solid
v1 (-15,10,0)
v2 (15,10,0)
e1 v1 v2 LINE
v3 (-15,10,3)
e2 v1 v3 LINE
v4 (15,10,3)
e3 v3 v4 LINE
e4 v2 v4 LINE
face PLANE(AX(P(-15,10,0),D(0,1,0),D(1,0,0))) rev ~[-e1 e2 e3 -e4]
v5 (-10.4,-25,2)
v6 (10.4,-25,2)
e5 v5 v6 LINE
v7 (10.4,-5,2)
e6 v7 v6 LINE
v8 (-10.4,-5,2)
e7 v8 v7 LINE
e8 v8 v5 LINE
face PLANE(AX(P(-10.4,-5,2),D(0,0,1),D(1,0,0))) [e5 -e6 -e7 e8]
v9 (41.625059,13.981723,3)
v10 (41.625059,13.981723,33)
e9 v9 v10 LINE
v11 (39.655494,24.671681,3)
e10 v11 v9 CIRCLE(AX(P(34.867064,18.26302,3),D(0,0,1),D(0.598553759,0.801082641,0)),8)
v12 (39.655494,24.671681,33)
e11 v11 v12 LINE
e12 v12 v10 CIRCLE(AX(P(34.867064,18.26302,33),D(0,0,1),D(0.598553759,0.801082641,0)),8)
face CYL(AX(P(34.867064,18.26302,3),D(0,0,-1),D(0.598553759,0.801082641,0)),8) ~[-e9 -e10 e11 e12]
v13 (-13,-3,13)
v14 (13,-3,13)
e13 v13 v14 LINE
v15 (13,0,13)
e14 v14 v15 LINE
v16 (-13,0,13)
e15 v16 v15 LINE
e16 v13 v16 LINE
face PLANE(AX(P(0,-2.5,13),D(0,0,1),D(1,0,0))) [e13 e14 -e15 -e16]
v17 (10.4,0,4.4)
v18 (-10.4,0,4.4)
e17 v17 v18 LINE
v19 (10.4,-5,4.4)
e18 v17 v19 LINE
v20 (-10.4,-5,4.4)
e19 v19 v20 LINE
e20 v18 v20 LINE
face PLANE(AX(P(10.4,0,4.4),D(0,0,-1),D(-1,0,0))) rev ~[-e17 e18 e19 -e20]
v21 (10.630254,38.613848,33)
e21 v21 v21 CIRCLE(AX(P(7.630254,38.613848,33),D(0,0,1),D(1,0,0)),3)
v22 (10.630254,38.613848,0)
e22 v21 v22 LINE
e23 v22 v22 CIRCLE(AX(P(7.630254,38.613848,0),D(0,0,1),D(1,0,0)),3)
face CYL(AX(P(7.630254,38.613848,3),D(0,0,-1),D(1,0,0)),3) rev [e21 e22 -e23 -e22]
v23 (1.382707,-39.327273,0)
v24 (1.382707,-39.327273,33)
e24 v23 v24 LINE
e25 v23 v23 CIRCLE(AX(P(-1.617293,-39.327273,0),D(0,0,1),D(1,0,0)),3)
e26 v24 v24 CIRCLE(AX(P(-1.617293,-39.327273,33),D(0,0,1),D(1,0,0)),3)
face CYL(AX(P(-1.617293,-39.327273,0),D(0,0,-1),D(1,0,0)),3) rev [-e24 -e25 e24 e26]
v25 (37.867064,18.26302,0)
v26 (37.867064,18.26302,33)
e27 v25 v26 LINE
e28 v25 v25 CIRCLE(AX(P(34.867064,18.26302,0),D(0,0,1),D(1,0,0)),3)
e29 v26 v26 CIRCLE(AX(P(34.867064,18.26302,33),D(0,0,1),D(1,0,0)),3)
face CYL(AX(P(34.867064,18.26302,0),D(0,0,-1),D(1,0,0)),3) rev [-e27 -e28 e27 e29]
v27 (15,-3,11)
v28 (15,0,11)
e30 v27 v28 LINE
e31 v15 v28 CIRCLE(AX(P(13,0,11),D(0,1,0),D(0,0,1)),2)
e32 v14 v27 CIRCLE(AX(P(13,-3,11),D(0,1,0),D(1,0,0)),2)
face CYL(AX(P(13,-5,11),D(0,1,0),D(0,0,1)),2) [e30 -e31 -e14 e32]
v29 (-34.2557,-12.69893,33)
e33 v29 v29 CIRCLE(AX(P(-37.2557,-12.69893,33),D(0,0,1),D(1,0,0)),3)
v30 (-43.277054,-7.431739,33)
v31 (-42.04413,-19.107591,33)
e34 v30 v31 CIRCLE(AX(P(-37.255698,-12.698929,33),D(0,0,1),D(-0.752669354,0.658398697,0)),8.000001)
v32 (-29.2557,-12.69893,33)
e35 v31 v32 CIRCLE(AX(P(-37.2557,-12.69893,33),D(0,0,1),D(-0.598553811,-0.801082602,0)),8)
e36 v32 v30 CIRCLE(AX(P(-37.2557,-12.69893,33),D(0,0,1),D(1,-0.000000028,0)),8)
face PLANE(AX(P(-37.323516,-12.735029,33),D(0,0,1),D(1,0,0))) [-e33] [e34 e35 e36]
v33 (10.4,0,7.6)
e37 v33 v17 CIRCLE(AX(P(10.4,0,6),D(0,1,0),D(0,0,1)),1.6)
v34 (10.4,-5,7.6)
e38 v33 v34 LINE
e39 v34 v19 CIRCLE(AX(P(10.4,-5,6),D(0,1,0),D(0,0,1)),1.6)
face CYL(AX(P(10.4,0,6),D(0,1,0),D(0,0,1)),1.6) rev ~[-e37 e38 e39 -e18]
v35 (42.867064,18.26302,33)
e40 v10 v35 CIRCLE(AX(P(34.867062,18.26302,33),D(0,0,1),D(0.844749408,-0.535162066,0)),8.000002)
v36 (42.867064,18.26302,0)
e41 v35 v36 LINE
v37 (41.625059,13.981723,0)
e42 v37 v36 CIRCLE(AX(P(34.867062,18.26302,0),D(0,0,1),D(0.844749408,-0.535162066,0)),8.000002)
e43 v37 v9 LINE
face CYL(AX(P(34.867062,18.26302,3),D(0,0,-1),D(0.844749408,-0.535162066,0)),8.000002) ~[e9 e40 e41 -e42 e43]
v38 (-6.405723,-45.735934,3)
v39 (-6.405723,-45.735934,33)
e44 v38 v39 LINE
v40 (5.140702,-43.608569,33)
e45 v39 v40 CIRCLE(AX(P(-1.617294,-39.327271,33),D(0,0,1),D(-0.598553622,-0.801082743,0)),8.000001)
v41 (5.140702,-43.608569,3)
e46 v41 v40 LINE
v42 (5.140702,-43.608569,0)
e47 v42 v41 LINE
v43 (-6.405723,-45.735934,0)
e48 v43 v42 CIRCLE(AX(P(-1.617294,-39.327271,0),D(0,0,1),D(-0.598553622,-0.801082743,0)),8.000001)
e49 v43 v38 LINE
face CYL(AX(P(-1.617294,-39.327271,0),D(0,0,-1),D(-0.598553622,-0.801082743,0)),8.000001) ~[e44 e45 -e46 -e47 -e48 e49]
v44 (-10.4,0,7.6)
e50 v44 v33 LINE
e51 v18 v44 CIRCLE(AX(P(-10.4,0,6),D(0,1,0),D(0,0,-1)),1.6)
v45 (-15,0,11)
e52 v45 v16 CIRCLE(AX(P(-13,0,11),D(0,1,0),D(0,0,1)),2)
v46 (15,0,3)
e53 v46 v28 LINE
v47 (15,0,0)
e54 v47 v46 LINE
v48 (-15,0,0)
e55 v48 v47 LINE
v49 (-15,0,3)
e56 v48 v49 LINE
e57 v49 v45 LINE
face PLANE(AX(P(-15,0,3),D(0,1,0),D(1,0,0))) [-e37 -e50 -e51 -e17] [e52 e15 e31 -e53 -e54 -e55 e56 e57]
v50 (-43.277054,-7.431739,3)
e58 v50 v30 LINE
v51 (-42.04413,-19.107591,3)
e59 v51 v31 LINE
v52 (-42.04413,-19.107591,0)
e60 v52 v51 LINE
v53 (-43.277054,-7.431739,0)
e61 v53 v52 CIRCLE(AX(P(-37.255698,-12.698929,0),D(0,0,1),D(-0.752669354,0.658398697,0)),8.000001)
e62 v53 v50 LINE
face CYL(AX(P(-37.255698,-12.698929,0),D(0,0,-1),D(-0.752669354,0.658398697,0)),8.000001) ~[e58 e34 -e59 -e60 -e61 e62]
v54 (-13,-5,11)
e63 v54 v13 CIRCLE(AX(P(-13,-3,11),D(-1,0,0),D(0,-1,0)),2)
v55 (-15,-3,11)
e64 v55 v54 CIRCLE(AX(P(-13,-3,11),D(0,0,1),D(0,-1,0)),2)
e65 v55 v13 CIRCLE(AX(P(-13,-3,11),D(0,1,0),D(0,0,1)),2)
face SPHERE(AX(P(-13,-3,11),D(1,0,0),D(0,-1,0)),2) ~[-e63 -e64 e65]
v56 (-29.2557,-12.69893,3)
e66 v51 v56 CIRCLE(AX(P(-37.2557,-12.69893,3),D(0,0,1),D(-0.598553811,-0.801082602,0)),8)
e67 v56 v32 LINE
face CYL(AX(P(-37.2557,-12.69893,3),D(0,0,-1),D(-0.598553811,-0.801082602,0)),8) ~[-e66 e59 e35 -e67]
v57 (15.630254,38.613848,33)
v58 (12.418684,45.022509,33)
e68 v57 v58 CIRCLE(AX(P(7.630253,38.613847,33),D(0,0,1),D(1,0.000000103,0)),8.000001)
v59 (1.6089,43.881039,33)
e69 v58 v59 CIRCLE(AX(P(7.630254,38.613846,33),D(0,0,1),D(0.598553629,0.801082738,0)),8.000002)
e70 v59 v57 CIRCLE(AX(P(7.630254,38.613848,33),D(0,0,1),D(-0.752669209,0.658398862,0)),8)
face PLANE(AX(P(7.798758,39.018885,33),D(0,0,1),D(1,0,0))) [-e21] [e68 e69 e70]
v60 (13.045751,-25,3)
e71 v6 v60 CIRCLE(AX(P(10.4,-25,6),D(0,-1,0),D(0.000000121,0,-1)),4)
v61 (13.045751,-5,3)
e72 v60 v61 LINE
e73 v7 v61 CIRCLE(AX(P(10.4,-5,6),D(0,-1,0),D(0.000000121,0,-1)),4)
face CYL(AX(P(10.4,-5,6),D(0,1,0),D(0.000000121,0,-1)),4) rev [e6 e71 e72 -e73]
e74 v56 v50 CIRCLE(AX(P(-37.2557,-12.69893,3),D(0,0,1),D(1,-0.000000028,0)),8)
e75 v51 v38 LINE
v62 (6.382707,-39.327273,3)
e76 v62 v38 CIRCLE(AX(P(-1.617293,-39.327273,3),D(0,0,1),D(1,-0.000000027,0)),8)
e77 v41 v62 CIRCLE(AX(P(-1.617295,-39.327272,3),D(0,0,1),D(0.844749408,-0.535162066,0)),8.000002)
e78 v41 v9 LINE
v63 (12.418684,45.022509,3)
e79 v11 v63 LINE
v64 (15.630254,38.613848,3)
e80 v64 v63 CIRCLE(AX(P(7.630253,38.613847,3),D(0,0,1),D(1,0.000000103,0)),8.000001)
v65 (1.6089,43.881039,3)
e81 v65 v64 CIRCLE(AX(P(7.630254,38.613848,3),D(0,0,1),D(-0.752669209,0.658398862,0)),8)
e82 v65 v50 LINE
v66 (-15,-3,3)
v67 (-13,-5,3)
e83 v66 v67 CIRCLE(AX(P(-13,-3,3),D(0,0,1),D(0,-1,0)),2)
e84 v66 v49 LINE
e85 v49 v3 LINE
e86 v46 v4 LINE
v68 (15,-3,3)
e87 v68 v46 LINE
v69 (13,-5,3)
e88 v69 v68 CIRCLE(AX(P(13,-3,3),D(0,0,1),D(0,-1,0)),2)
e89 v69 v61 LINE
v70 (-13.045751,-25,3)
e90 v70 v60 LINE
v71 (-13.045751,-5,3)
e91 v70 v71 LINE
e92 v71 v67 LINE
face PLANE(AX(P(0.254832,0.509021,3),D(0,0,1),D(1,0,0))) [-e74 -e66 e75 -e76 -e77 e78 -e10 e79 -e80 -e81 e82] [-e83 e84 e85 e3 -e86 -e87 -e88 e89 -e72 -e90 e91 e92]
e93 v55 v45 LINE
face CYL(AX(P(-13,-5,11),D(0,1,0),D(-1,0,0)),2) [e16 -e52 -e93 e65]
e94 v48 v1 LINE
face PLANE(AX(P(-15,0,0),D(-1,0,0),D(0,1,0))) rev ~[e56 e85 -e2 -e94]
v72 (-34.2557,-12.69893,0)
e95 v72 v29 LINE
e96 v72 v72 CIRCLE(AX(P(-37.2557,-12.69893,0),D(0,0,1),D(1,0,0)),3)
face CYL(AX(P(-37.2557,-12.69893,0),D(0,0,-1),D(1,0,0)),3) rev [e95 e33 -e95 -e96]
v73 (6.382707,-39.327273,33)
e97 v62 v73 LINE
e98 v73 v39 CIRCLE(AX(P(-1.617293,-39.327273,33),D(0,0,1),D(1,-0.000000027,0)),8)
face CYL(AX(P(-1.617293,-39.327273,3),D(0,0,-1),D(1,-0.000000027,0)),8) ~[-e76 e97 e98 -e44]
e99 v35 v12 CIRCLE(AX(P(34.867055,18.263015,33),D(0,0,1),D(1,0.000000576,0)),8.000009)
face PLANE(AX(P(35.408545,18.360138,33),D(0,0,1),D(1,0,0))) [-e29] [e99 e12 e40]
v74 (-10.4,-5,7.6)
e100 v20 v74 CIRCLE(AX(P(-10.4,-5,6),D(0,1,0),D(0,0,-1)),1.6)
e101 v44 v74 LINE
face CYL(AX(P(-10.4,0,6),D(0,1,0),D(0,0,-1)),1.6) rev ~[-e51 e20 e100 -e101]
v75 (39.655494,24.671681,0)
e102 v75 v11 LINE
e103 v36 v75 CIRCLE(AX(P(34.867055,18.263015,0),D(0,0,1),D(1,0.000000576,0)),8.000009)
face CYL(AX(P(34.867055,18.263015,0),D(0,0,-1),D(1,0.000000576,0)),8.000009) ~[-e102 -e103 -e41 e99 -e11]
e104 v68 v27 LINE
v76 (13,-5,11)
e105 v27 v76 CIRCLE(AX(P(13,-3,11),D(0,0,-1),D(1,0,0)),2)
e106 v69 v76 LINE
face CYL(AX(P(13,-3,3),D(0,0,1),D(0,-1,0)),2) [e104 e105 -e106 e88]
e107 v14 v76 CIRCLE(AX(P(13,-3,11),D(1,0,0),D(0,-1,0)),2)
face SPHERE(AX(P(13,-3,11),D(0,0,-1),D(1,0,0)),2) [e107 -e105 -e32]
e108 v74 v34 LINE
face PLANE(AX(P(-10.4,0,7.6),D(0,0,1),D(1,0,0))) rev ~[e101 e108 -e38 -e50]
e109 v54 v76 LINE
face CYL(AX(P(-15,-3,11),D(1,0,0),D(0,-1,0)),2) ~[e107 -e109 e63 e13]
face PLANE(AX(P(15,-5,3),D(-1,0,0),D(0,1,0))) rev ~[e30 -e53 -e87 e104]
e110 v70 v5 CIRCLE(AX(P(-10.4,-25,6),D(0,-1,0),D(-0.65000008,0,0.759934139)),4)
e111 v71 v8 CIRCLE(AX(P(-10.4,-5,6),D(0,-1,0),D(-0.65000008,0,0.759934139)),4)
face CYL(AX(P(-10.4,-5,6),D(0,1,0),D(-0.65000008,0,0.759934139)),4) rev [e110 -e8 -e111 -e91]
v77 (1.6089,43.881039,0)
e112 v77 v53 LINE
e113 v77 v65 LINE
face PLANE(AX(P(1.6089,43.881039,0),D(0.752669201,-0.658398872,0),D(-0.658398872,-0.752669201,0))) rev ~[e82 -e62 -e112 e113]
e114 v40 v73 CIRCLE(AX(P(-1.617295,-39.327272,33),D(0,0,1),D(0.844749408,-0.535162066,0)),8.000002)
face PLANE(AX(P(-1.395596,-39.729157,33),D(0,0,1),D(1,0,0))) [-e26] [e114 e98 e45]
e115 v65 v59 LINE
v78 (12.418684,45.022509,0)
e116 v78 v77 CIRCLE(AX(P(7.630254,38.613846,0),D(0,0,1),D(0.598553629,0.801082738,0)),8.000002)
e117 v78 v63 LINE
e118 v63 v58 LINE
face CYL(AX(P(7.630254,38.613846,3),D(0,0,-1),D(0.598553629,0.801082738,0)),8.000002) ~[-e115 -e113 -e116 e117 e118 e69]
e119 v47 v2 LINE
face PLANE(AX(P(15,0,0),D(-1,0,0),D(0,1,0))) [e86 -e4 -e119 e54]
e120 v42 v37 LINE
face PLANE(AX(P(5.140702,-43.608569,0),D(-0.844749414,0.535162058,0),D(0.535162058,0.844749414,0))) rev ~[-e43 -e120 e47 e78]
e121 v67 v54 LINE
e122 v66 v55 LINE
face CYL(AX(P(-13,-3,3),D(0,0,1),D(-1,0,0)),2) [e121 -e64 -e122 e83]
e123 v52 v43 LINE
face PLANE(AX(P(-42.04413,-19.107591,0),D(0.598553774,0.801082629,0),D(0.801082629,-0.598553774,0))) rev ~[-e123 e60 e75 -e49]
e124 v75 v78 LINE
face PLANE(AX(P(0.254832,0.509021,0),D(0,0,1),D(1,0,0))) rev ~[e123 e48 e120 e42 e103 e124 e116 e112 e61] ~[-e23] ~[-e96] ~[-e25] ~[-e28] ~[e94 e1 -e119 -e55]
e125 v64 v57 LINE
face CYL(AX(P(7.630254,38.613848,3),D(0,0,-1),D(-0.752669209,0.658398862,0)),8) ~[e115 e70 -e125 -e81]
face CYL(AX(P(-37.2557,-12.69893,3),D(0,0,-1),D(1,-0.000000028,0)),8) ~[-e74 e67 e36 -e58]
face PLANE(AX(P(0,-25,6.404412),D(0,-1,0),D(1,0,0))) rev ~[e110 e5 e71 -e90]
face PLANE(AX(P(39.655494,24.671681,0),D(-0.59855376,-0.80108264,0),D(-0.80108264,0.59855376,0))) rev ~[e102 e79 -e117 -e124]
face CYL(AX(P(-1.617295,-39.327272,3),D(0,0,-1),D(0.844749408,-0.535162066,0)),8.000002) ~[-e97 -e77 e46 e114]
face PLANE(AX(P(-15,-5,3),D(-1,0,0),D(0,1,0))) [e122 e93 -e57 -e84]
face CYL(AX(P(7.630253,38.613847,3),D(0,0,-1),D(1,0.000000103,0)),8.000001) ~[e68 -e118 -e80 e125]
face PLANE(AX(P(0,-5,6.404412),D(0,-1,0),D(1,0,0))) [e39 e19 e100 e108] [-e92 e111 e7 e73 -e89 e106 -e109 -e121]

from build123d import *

# Parameters (mm, degrees)
F0_W      = 30
F0_H      = 10
F0_R      = 3
F1_DEPTH  = 3
F2_R      = 3
F3_DEPTH  = 30
F4_W      = 30
F4_H      = 5
F5_DEPTH  = 10
F7_DEPTH  = 5
F8_R      = 2
F10_DEPTH = 20


with BuildPart() as f1:
    # F0 (on Top) → F1 (new body)
    with BuildSketch(Plane.XY):
        with BuildLine():
            ThreePointArc((-43.277054, -7.431739), (-34.442413, -5.20991), (-29.2557, -12.69893))
            ThreePointArc((-29.2557, -12.69893), (-33.671529, -19.851113), (-42.04413, -19.107591))
            Line((-42.04413, -19.107591), (-6.405723, -45.735934))
            ThreePointArc((-6.405723, -45.735934), (-5.201464, -32.17509), (6.382707, -39.327273))
            ThreePointArc((6.382707, -39.327273), (6.065934, -41.556178), (5.140702, -43.608569))
            Line((5.140702, -43.608569), (41.625059, 13.981723))
            ThreePointArc((41.625059, 13.981723), (26.999486, 16.813462), (39.655494, 24.671681))
            Line((39.655494, 24.671681), (12.418684, 45.022509))
            ThreePointArc((12.418684, 45.022509), (14.782437, 42.198018), (15.630254, 38.613848))
            ThreePointArc((15.630254, 38.613848), (4.816967, 31.124828), (1.6089, 43.881039))
            Line((1.6089, 43.881039), (-43.277054, -7.431739))
        make_face()
        with Locations((0, 5)):
            Rectangle(F0_W, F0_H, mode=Mode.SUBTRACT)
        with BuildLine():
            ThreePointArc((-42.04413, -19.107591), (-33.671529, -19.851113), (-29.2557, -12.69893))
            ThreePointArc((-29.2557, -12.69893), (-34.442413, -5.20991), (-43.277054, -7.431739))
            ThreePointArc((-43.277054, -7.431739), (-45.211467, -13.539027), (-42.04413, -19.107591))
        make_face()
        with Locations((-37.2557, -12.69893)):
            Circle(F0_R, mode=Mode.SUBTRACT)
        with BuildLine():
            ThreePointArc((12.418684, 45.022509), (6.790157, 46.569615), (1.6089, 43.881039))
            ThreePointArc((1.6089, 43.881039), (4.816967, 31.124828), (15.630254, 38.613848))
            ThreePointArc((15.630254, 38.613848), (14.782437, 42.198018), (12.418684, 45.022509))
        make_face()
        with Locations((7.630254, 38.613848)):
            Circle(F0_R, mode=Mode.SUBTRACT)
        with BuildLine():
            ThreePointArc((42.867064, 18.26302), (42.019246, 21.84719), (39.655494, 24.671681))
            ThreePointArc((39.655494, 24.671681), (26.999486, 16.813462), (41.625059, 13.981723))
            ThreePointArc((41.625059, 13.981723), (42.550291, 16.034114), (42.867064, 18.26302))
        make_face()
        with Locations((34.867064, 18.26302)):
            Circle(F0_R, mode=Mode.SUBTRACT)
        with BuildLine():
            ThreePointArc((6.382707, -39.327273), (-5.201464, -32.17509), (-6.405723, -45.735934))
            ThreePointArc((-6.405723, -45.735934), (-0.167735, -47.19485), (5.140702, -43.608569))
            ThreePointArc((5.140702, -43.608569), (6.065934, -41.556178), (6.382707, -39.327273))
        make_face()
        with Locations((-1.617293, -39.327273)):
            Circle(F0_R, mode=Mode.SUBTRACT)
    extrude(amount=F1_DEPTH)

    # F2 (on face) → F3 (join)
    with BuildSketch(Plane.XY.offset(3)):
        with BuildLine():
            ThreePointArc((1.6089, 43.881039), (4.816967, 31.124828), (15.630254, 38.613848))
            ThreePointArc((15.630254, 38.613848), (14.782437, 42.198018), (12.418684, 45.022509))
            ThreePointArc((12.418684, 45.022509), (6.790157, 46.569615), (1.6089, 43.881039))
        make_face()
        with Locations((7.630254, 38.613848)):
            Circle(F2_R, mode=Mode.SUBTRACT)
        with BuildLine():
            ThreePointArc((-29.2557, -12.69893), (-34.442413, -5.20991), (-43.277054, -7.431739))
            ThreePointArc((-43.277054, -7.431739), (-45.211467, -13.539027), (-42.04413, -19.107591))
            ThreePointArc((-42.04413, -19.107591), (-33.671529, -19.851113), (-29.2557, -12.69893))
        make_face()
        with Locations((-37.2557, -12.69893)):
            Circle(F2_R, mode=Mode.SUBTRACT)
        with BuildLine():
            ThreePointArc((42.867064, 18.26302), (42.019246, 21.84719), (39.655494, 24.671681))
            ThreePointArc((39.655494, 24.671681), (26.999486, 16.813462), (41.625059, 13.981723))
            ThreePointArc((41.625059, 13.981723), (42.550291, 16.034114), (42.867064, 18.26302))
        make_face()
        with Locations((34.867064, 18.26302)):
            Circle(F2_R, mode=Mode.SUBTRACT)
        with BuildLine():
            ThreePointArc((-6.405723, -45.735934), (-0.167735, -47.19485), (5.140702, -43.608569))
            ThreePointArc((5.140702, -43.608569), (6.065934, -41.556178), (6.382707, -39.327273))
            ThreePointArc((6.382707, -39.327273), (-5.201464, -32.17509), (-6.405723, -45.735934))
        make_face()
        with Locations((-1.617293, -39.327273)):
            Circle(F2_R, mode=Mode.SUBTRACT)
    extrude(amount=F3_DEPTH)

    # F4 (on face) → F5 (join)
    with BuildSketch(Plane.XY.offset(3)):
        with Locations((0, -2.5)):
            Rectangle(F4_W, F4_H)
    extrude(amount=F5_DEPTH)

    # F6 (on face) → F7 (cut, through all)
    with BuildSketch(Plane(origin=(0, 0, 0), x_dir=(-1, 0, 0), z_dir=(0, 1, 0))):
        with BuildLine():
            Line((10.4, 7.6), (-10.4, 7.6))
            ThreePointArc((-10.4, 7.6), (-12, 6), (-10.4, 4.4))
            Line((-10.4, 4.4), (10.4, 4.4))
            ThreePointArc((10.4, 4.4), (12, 6), (10.4, 7.6))
        make_face()
    extrude(amount=-F7_DEPTH, mode=Mode.SUBTRACT)

    # F8
    f8_edges = [f1.edges().sort_by_distance(p)[0] for p in [
        (15, -5, 8),
        (15, -2.5, 13),
        (0, -5, 13),
        (-15, -5, 8),
        (-15, -2.5, 13),
    ]]
    fillet(f8_edges, radius=F8_R)

    # F9 (on face) → F10 (cut)
    with BuildSketch(Plane.XZ.offset(5)):
        with BuildLine():
            Line((10.4, 10), (-10.4, 10))
            ThreePointArc((-10.4, 10), (-11.785831, 9.752262), (-13, 9.039737))
            Line((-13, 9.039737), (-13, 3))
            Line((-13, 3), (13, 3))
            Line((13, 3), (13, 9.039737))
            ThreePointArc((13, 9.039737), (11.785831, 9.752262), (10.4, 10))
        make_face()
        with BuildLine():
            ThreePointArc((-10.4, 4.4), (-12, 6), (-10.4, 7.6))
            Line((-10.4, 7.6), (10.4, 7.6))
            ThreePointArc((10.4, 7.6), (12, 6), (10.4, 4.4))
            Line((10.4, 4.4), (-10.4, 4.4))
        make_face(mode=Mode.SUBTRACT)
        with BuildLine():
            Line((-13, 3), (-13, 9.039737))
            ThreePointArc((-13, 9.039737), (-14.152262, 4.614169), (-10.4, 2))
            Line((-10.4, 2), (10.4, 2))
            ThreePointArc((10.4, 2), (14.152262, 4.614169), (13, 9.039737))
            Line((13, 9.039737), (13, 3))
            Line((13, 3), (-13, 3))
        make_face()
    extrude(amount=F10_DEPTH, mode=Mode.SUBTRACT)


solid = f1.part
